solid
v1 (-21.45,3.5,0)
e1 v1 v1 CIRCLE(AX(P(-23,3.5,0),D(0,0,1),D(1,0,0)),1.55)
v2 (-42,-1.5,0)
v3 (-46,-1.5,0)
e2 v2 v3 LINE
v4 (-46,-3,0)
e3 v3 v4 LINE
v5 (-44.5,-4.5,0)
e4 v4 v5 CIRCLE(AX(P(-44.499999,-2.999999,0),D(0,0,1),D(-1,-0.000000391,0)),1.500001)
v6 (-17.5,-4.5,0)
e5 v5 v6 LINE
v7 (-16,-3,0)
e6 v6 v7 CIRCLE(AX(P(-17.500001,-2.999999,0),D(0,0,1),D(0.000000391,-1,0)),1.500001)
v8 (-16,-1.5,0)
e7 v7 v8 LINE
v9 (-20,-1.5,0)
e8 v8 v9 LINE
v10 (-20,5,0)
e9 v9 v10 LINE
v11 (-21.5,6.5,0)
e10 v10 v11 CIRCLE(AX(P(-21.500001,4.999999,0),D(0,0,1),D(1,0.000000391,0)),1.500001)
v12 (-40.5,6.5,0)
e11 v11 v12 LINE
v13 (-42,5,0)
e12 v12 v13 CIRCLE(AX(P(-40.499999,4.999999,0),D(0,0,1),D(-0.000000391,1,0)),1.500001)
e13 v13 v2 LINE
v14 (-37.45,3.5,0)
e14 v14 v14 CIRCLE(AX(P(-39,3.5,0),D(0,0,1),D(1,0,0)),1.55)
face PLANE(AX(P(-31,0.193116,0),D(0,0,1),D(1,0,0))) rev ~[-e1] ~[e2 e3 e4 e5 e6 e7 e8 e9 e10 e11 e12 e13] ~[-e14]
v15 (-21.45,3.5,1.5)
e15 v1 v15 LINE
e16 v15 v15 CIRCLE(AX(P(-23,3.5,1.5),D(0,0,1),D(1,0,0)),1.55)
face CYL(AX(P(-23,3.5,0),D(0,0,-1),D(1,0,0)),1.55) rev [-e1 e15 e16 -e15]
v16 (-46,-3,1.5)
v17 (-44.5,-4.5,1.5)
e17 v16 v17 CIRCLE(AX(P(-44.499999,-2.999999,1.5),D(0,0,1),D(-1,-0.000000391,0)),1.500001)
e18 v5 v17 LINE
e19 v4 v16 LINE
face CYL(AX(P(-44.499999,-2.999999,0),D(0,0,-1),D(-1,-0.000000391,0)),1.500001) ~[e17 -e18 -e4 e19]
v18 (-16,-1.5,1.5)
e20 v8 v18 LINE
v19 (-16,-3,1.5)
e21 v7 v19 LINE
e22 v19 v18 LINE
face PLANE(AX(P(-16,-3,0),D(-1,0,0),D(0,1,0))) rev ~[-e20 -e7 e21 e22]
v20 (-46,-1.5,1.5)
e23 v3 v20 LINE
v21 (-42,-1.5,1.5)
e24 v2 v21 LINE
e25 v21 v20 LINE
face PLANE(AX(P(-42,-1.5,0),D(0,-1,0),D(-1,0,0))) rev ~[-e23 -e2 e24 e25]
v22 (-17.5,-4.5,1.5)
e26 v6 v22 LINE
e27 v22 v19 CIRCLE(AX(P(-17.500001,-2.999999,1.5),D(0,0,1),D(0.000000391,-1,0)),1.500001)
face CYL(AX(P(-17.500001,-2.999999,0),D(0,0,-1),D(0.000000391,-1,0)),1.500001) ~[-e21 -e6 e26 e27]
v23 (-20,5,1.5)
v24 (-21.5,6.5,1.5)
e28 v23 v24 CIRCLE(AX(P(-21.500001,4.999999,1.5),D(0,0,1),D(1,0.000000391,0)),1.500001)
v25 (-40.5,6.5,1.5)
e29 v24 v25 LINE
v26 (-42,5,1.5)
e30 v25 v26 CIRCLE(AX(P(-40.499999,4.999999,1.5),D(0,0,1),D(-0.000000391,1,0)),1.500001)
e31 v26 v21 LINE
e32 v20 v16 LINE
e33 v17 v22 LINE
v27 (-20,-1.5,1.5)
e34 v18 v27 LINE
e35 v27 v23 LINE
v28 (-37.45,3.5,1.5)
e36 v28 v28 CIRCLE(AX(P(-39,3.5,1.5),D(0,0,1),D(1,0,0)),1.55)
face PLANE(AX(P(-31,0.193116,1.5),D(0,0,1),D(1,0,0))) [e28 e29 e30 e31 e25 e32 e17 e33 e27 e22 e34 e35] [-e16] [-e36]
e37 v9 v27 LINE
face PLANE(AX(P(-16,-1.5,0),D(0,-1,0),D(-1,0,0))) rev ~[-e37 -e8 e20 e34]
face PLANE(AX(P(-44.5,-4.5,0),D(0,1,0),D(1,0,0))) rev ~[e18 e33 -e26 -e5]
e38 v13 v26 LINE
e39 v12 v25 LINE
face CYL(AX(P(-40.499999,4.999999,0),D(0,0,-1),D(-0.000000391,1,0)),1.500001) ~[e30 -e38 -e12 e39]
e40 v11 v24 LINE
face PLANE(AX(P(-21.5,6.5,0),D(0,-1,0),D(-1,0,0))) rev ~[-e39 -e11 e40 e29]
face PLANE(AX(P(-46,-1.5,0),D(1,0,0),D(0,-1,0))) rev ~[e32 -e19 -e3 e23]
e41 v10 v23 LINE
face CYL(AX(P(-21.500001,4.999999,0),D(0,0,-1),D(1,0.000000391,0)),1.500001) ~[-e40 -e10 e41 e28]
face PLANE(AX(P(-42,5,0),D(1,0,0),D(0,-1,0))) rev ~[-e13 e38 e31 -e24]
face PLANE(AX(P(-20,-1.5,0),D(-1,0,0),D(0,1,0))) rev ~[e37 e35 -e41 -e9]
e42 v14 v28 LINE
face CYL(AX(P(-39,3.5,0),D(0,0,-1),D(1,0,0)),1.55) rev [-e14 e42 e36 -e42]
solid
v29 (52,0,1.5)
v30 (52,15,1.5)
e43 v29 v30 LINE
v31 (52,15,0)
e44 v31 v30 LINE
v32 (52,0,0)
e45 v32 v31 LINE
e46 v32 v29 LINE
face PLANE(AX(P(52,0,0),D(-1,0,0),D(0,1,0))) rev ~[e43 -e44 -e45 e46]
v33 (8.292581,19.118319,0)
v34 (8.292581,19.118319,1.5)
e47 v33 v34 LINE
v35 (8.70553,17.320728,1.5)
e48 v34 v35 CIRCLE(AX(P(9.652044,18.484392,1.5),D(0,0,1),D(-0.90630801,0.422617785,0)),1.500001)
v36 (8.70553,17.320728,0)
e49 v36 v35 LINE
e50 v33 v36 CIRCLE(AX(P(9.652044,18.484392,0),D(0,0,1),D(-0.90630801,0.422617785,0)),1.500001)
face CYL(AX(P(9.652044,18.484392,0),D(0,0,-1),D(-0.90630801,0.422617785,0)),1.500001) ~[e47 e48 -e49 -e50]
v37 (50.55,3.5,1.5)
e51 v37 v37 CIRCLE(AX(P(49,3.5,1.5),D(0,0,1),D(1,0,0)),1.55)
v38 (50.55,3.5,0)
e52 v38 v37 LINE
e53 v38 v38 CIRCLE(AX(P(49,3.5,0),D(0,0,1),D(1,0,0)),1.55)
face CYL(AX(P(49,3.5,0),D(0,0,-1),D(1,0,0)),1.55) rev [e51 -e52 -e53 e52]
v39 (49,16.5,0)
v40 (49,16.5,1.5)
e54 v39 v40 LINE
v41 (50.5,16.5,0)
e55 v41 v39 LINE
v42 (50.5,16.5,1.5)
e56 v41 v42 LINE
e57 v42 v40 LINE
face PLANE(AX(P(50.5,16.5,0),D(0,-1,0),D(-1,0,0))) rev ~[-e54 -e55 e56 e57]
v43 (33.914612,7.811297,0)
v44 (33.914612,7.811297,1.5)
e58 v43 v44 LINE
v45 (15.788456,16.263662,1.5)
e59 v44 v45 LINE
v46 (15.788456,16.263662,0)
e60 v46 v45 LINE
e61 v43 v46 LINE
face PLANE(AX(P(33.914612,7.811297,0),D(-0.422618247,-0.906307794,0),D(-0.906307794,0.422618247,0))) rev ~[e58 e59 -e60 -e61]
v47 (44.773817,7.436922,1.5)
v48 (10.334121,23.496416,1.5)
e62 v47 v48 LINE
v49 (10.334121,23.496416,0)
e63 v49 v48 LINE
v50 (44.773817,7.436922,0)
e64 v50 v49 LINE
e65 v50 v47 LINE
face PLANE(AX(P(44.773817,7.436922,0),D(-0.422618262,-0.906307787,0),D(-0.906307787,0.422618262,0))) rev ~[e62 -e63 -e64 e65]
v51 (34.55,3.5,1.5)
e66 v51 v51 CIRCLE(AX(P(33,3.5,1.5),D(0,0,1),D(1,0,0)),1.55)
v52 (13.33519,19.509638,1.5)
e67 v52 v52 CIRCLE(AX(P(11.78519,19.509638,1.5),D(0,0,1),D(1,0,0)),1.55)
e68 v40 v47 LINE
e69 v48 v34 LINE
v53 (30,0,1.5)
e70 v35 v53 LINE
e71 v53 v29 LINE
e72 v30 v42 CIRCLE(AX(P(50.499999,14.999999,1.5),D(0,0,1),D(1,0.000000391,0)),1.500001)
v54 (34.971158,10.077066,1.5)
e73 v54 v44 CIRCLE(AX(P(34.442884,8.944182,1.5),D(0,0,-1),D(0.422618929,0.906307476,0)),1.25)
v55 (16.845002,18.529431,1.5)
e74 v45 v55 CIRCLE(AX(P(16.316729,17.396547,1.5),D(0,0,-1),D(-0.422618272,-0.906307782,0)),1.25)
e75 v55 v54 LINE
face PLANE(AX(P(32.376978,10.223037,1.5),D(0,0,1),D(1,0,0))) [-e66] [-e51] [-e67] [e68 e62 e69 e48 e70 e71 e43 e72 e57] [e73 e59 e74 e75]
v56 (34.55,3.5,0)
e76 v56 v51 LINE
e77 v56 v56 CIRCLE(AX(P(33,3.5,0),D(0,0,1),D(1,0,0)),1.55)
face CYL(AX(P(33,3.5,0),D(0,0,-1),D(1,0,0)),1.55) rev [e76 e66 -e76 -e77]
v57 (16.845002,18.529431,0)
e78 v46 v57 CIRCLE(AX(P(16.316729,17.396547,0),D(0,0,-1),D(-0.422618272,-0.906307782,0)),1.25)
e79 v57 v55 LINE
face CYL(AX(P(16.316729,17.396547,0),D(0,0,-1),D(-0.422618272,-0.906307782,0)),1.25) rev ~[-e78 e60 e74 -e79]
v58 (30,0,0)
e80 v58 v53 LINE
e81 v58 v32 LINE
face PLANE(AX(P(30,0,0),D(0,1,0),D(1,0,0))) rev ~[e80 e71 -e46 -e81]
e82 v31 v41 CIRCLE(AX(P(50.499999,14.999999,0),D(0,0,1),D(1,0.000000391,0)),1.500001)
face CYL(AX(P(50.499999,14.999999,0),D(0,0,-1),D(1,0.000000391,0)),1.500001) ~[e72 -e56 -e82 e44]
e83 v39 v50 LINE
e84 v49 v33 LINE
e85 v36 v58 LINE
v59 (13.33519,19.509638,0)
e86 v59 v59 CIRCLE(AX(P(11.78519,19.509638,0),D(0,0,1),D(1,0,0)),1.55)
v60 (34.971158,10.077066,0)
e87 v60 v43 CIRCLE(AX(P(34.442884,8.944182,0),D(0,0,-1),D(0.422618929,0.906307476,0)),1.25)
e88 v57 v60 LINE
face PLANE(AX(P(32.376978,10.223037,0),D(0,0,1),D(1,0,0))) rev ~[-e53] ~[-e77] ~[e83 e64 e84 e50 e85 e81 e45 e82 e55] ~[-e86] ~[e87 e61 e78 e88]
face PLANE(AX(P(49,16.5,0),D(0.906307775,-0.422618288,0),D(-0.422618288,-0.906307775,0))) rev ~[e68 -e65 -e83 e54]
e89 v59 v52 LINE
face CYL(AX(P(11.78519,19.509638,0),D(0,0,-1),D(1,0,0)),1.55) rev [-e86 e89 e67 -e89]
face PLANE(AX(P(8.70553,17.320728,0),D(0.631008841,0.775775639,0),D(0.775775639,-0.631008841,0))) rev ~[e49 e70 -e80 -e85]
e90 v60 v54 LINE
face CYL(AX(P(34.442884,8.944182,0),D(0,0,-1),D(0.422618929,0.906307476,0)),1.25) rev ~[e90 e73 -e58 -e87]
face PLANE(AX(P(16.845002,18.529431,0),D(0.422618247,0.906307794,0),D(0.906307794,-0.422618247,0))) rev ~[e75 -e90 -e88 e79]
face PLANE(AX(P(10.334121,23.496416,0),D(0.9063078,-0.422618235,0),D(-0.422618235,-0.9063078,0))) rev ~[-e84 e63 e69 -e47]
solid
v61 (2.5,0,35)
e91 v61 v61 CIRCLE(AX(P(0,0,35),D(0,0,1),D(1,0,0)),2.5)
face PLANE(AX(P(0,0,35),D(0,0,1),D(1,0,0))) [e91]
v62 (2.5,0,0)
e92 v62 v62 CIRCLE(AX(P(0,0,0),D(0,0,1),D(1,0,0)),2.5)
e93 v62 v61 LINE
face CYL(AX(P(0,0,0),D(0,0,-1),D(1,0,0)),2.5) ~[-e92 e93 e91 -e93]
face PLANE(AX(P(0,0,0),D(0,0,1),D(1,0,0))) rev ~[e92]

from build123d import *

# Parameters (mm, degrees)
F0_R     = 1.55
F1_DEPTH = 1.5
F2_R     = 1.55
F3_DEPTH = 1.5
F4_R     = 2.5
F5_DEPTH = 35


with BuildPart() as f1:
    # F0 (on Top) → F1 (new body)
    with BuildSketch(Plane.XY):
        with BuildLine():
            Line((-42, 5), (-42, 0))
            Line((-42, 0), (-42, -1.5))
            Line((-42, -1.5), (-46, -1.5))
            Line((-46, -1.5), (-46, -3))
            ThreePointArc((-46, -3), (-45.56066, -4.06066), (-44.5, -4.5))
            Line((-44.5, -4.5), (-17.5, -4.5))
            ThreePointArc((-17.5, -4.5), (-16.43934, -4.06066), (-16, -3))
            Line((-16, -3), (-16, -1.5))
            Line((-16, -1.5), (-20, -1.5))
            Line((-20, -1.5), (-20, 0))
            Line((-20, 0), (-20, 5))
            ThreePointArc((-20, 5), (-20.43934, 6.06066), (-21.5, 6.5))
            Line((-21.5, 6.5), (-40.5, 6.5))
            ThreePointArc((-40.5, 6.5), (-41.56066, 6.06066), (-42, 5))
        make_face()
        with Locations((-39, 3.5)):
            Circle(F0_R, mode=Mode.SUBTRACT)
        with Locations((-23, 3.5)):
            Circle(F0_R, mode=Mode.SUBTRACT)
    extrude(amount=F1_DEPTH)


with BuildPart() as f3:
    # F2 (on Top) → F3 (new body)
    with BuildSketch(Plane.XY):
        with BuildLine():
            Line((44.773817, 7.436922), (10.334121, 23.496416))
            Line((10.334121, 23.496416), (8.292581, 19.118319))
            ThreePointArc((8.292581, 19.118319), (8.190122, 18.148554), (8.70553, 17.320728))
            Line((8.70553, 17.320728), (30, 0))
            Line((30, 0), (52, 0))
            Line((52, 0), (52, 15))
            ThreePointArc((52, 15), (51.56066, 16.06066), (50.5, 16.5))
            Line((50.5, 16.5), (49, 16.5))
            Line((49, 16.5), (44.773817, 7.436922))
        make_face()
        with Locations((33, 3.5)):
            Circle(F2_R, mode=Mode.SUBTRACT)
        with Locations((49, 3.5)):
            Circle(F2_R, mode=Mode.SUBTRACT)
        with BuildLine():
            ThreePointArc((15.788456, 16.263662), (15.183844, 17.924819), (16.845002, 18.529431))
            Line((16.845002, 18.529431), (34.971158, 10.077066))
            ThreePointArc((34.971158, 10.077066), (35.575769, 8.415909), (33.914612, 7.811297))
            Line((33.914612, 7.811297), (15.788456, 16.263662))
        make_face(mode=Mode.SUBTRACT)
        with Locations((11.78519, 19.509638)):
            Circle(F2_R, mode=Mode.SUBTRACT)
    extrude(amount=F3_DEPTH)


with BuildPart() as f5:
    # F4 (on Top) → F5 (new body)
    with BuildSketch(Plane.XY):
        Circle(F4_R)
    extrude(amount=F5_DEPTH)


solid = Compound([f1.part, f3.part, f5.part])
